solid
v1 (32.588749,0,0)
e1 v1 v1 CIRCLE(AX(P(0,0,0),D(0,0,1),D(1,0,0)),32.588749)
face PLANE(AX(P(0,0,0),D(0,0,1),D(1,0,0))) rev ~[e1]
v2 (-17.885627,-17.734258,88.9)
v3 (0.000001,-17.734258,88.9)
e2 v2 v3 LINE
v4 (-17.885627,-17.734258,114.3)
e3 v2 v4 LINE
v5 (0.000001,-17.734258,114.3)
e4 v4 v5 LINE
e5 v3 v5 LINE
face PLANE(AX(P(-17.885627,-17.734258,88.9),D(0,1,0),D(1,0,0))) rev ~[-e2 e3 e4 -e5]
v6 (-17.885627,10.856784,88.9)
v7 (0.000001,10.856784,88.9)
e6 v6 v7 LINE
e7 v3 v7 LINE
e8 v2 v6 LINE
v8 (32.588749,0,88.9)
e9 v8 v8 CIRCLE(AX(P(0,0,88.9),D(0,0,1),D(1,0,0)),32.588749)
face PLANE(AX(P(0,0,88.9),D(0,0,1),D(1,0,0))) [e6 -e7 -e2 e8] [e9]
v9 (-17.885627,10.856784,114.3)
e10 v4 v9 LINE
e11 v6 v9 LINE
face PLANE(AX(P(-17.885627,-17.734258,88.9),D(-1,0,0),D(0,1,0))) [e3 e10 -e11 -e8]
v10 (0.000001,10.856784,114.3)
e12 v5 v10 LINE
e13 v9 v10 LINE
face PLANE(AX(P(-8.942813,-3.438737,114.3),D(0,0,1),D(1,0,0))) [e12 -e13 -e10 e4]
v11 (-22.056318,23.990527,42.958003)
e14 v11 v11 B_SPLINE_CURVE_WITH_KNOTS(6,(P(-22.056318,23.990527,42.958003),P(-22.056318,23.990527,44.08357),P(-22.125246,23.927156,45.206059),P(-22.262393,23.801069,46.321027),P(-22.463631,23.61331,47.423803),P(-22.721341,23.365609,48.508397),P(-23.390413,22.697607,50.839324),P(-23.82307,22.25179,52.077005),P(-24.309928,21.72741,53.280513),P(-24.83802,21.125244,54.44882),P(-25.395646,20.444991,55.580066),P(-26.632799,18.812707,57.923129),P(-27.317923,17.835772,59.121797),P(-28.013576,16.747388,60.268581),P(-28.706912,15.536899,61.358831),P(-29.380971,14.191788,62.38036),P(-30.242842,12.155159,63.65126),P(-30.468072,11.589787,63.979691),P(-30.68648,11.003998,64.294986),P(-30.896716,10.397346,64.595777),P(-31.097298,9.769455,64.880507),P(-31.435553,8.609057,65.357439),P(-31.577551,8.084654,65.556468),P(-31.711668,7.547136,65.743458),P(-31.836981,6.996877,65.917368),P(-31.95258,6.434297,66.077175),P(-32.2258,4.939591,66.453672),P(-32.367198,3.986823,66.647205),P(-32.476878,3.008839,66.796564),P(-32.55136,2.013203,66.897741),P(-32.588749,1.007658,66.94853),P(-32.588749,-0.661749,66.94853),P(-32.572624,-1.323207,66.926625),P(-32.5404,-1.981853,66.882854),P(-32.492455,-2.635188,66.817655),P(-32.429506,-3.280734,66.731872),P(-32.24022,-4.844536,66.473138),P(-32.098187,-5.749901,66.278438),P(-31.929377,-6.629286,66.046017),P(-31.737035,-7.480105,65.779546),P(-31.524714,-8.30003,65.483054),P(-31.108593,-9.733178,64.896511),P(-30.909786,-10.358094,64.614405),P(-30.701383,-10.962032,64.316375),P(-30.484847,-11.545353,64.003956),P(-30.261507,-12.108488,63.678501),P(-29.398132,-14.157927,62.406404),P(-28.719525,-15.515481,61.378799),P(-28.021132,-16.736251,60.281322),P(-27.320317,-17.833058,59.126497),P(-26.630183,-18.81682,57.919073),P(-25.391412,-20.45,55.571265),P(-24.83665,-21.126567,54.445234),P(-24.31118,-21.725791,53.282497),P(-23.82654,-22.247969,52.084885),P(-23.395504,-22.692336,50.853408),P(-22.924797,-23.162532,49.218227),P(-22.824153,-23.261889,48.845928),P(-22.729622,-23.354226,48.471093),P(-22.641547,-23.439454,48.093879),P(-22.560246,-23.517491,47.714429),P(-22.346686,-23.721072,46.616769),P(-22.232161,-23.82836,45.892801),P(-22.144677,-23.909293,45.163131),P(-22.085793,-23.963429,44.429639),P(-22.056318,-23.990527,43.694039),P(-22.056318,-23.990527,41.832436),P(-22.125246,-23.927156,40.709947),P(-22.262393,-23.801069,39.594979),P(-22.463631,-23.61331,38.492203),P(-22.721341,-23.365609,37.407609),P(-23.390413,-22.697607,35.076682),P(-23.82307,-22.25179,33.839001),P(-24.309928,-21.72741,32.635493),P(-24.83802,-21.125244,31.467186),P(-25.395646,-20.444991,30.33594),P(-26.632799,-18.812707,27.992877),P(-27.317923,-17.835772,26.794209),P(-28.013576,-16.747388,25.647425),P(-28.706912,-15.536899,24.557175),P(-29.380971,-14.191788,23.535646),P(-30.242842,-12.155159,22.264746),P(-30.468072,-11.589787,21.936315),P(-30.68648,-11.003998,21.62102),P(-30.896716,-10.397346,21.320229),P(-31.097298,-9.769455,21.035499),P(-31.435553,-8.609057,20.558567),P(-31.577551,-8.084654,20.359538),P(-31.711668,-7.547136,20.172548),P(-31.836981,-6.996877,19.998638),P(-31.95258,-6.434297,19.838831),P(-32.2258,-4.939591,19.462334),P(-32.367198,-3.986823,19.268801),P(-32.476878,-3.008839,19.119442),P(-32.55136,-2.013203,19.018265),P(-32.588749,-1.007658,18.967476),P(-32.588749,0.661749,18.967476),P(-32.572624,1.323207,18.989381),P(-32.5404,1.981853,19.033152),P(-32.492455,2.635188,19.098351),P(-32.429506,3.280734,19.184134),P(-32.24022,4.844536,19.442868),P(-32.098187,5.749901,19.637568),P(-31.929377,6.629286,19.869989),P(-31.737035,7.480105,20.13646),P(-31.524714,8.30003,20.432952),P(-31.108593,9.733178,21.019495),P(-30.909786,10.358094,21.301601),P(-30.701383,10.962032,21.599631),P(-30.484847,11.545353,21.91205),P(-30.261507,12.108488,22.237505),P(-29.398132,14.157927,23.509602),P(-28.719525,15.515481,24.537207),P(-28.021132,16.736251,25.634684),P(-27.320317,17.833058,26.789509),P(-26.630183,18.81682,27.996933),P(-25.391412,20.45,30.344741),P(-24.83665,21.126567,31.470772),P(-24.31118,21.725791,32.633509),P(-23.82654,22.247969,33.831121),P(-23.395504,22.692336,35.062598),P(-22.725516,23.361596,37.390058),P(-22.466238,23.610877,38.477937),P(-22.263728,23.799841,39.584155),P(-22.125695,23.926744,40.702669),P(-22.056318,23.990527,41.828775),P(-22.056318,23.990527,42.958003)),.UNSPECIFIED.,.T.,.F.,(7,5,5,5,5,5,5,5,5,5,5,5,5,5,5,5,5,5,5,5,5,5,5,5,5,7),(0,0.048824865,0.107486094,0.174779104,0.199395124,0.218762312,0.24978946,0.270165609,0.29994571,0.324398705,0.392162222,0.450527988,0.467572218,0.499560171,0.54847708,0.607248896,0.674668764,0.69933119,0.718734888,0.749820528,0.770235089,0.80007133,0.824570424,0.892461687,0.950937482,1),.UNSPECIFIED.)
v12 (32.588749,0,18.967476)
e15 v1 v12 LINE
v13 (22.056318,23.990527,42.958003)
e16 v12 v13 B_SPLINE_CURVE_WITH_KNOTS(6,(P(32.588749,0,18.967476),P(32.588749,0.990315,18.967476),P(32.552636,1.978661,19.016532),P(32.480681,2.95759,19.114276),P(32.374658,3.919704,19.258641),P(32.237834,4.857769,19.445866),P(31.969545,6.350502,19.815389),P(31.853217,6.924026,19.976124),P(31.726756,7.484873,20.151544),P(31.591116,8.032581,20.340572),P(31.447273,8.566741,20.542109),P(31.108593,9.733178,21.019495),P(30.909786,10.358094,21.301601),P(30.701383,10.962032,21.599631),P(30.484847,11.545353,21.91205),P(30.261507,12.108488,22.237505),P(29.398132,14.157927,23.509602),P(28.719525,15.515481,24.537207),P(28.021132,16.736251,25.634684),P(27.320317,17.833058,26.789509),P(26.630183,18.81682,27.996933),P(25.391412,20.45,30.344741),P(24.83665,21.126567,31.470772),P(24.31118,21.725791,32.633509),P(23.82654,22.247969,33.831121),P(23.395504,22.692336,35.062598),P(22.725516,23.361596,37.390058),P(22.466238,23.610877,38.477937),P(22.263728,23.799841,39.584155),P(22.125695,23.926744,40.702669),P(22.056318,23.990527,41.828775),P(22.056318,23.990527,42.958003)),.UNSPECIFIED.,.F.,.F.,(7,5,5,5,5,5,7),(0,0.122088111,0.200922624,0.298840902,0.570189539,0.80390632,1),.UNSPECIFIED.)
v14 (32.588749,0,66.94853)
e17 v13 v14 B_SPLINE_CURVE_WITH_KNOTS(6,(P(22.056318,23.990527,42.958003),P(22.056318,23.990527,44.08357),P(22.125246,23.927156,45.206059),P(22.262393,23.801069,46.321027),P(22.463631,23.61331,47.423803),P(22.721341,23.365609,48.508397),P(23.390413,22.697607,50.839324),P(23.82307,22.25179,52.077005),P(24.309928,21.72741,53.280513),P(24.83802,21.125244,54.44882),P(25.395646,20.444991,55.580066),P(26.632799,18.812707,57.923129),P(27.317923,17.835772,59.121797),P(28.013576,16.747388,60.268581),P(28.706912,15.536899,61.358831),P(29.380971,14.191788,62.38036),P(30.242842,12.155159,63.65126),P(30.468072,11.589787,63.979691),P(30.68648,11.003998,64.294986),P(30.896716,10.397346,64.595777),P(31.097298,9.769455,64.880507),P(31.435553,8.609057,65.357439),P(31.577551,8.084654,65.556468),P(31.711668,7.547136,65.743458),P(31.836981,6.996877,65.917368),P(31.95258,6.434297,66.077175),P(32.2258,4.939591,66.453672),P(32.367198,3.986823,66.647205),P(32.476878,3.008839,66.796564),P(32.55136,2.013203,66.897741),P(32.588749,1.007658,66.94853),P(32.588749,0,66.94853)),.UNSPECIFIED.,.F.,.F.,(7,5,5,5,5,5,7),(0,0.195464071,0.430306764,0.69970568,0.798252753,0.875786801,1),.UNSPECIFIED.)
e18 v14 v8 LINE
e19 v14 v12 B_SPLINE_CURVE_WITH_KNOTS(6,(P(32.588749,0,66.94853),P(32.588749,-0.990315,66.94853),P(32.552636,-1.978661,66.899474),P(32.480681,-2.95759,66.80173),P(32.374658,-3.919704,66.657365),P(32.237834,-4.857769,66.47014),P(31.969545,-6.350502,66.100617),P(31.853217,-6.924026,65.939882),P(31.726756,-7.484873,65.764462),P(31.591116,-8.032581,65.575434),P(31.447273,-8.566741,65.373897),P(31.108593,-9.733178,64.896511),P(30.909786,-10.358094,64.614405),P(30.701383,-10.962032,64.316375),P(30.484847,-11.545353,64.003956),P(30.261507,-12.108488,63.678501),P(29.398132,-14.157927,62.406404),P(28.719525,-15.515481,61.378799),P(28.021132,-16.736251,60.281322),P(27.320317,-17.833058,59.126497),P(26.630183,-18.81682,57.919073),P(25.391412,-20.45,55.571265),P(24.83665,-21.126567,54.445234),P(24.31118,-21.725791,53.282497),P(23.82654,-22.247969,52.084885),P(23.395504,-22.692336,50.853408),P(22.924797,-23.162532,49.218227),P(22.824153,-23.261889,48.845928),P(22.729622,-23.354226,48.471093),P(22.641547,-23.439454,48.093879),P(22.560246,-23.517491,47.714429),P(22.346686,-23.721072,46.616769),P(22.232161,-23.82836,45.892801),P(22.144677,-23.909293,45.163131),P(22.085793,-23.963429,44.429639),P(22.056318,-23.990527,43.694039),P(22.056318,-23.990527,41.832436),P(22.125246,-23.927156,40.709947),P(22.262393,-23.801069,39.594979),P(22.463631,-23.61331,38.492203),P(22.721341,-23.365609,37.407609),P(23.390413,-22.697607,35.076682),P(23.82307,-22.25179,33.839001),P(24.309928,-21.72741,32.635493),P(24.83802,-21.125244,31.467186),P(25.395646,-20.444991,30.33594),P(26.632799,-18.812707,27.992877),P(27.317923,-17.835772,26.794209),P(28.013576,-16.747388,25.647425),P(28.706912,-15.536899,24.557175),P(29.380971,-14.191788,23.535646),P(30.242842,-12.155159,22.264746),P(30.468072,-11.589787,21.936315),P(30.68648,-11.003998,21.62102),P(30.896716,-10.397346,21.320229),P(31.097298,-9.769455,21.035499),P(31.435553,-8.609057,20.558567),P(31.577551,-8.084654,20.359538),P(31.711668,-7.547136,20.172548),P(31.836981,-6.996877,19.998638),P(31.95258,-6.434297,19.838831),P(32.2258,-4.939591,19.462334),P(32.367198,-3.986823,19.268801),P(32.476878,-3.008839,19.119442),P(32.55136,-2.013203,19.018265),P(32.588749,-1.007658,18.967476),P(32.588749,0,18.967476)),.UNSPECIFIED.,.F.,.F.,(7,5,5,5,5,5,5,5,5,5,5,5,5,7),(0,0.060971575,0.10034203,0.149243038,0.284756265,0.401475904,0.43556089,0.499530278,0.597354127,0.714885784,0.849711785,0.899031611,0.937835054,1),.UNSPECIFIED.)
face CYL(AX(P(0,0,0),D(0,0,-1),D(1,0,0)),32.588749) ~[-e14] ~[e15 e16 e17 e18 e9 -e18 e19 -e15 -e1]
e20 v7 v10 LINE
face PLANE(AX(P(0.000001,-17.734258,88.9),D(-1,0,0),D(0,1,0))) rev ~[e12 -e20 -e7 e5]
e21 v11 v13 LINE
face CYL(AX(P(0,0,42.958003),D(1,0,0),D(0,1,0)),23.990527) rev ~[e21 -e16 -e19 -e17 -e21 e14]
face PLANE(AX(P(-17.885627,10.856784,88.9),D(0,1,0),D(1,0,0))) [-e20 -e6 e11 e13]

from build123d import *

# Parameters (mm, degrees)
F0_R     = 32.588749
F1_DEPTH = 88.9
F2_W     = 17.885627
F2_H     = 28.591043
F3_DEPTH = 25.4
F4_R     = 23.990527
F5_DEPTH = 42.545


with BuildPart() as f1:
    # F0 (on Top) → F1 (new body)
    with BuildSketch(Plane.XY):
        Circle(F0_R)
    extrude(amount=F1_DEPTH)

    # F2 (on face) → F3 (join)
    with BuildSketch(Plane.XY.offset(88.9)):
        with Locations((-8.942813, -3.438737)):
            Rectangle(F2_W, F2_H)
    extrude(amount=F3_DEPTH)

    # F4 (on Right) → F5 (cut, symmetric)
    with BuildSketch(Plane.YZ):
        with Locations((0, 42.958003)):
            Circle(F4_R)
    extrude(amount=F5_DEPTH, both=True, mode=Mode.SUBTRACT)


solid = f1.part
